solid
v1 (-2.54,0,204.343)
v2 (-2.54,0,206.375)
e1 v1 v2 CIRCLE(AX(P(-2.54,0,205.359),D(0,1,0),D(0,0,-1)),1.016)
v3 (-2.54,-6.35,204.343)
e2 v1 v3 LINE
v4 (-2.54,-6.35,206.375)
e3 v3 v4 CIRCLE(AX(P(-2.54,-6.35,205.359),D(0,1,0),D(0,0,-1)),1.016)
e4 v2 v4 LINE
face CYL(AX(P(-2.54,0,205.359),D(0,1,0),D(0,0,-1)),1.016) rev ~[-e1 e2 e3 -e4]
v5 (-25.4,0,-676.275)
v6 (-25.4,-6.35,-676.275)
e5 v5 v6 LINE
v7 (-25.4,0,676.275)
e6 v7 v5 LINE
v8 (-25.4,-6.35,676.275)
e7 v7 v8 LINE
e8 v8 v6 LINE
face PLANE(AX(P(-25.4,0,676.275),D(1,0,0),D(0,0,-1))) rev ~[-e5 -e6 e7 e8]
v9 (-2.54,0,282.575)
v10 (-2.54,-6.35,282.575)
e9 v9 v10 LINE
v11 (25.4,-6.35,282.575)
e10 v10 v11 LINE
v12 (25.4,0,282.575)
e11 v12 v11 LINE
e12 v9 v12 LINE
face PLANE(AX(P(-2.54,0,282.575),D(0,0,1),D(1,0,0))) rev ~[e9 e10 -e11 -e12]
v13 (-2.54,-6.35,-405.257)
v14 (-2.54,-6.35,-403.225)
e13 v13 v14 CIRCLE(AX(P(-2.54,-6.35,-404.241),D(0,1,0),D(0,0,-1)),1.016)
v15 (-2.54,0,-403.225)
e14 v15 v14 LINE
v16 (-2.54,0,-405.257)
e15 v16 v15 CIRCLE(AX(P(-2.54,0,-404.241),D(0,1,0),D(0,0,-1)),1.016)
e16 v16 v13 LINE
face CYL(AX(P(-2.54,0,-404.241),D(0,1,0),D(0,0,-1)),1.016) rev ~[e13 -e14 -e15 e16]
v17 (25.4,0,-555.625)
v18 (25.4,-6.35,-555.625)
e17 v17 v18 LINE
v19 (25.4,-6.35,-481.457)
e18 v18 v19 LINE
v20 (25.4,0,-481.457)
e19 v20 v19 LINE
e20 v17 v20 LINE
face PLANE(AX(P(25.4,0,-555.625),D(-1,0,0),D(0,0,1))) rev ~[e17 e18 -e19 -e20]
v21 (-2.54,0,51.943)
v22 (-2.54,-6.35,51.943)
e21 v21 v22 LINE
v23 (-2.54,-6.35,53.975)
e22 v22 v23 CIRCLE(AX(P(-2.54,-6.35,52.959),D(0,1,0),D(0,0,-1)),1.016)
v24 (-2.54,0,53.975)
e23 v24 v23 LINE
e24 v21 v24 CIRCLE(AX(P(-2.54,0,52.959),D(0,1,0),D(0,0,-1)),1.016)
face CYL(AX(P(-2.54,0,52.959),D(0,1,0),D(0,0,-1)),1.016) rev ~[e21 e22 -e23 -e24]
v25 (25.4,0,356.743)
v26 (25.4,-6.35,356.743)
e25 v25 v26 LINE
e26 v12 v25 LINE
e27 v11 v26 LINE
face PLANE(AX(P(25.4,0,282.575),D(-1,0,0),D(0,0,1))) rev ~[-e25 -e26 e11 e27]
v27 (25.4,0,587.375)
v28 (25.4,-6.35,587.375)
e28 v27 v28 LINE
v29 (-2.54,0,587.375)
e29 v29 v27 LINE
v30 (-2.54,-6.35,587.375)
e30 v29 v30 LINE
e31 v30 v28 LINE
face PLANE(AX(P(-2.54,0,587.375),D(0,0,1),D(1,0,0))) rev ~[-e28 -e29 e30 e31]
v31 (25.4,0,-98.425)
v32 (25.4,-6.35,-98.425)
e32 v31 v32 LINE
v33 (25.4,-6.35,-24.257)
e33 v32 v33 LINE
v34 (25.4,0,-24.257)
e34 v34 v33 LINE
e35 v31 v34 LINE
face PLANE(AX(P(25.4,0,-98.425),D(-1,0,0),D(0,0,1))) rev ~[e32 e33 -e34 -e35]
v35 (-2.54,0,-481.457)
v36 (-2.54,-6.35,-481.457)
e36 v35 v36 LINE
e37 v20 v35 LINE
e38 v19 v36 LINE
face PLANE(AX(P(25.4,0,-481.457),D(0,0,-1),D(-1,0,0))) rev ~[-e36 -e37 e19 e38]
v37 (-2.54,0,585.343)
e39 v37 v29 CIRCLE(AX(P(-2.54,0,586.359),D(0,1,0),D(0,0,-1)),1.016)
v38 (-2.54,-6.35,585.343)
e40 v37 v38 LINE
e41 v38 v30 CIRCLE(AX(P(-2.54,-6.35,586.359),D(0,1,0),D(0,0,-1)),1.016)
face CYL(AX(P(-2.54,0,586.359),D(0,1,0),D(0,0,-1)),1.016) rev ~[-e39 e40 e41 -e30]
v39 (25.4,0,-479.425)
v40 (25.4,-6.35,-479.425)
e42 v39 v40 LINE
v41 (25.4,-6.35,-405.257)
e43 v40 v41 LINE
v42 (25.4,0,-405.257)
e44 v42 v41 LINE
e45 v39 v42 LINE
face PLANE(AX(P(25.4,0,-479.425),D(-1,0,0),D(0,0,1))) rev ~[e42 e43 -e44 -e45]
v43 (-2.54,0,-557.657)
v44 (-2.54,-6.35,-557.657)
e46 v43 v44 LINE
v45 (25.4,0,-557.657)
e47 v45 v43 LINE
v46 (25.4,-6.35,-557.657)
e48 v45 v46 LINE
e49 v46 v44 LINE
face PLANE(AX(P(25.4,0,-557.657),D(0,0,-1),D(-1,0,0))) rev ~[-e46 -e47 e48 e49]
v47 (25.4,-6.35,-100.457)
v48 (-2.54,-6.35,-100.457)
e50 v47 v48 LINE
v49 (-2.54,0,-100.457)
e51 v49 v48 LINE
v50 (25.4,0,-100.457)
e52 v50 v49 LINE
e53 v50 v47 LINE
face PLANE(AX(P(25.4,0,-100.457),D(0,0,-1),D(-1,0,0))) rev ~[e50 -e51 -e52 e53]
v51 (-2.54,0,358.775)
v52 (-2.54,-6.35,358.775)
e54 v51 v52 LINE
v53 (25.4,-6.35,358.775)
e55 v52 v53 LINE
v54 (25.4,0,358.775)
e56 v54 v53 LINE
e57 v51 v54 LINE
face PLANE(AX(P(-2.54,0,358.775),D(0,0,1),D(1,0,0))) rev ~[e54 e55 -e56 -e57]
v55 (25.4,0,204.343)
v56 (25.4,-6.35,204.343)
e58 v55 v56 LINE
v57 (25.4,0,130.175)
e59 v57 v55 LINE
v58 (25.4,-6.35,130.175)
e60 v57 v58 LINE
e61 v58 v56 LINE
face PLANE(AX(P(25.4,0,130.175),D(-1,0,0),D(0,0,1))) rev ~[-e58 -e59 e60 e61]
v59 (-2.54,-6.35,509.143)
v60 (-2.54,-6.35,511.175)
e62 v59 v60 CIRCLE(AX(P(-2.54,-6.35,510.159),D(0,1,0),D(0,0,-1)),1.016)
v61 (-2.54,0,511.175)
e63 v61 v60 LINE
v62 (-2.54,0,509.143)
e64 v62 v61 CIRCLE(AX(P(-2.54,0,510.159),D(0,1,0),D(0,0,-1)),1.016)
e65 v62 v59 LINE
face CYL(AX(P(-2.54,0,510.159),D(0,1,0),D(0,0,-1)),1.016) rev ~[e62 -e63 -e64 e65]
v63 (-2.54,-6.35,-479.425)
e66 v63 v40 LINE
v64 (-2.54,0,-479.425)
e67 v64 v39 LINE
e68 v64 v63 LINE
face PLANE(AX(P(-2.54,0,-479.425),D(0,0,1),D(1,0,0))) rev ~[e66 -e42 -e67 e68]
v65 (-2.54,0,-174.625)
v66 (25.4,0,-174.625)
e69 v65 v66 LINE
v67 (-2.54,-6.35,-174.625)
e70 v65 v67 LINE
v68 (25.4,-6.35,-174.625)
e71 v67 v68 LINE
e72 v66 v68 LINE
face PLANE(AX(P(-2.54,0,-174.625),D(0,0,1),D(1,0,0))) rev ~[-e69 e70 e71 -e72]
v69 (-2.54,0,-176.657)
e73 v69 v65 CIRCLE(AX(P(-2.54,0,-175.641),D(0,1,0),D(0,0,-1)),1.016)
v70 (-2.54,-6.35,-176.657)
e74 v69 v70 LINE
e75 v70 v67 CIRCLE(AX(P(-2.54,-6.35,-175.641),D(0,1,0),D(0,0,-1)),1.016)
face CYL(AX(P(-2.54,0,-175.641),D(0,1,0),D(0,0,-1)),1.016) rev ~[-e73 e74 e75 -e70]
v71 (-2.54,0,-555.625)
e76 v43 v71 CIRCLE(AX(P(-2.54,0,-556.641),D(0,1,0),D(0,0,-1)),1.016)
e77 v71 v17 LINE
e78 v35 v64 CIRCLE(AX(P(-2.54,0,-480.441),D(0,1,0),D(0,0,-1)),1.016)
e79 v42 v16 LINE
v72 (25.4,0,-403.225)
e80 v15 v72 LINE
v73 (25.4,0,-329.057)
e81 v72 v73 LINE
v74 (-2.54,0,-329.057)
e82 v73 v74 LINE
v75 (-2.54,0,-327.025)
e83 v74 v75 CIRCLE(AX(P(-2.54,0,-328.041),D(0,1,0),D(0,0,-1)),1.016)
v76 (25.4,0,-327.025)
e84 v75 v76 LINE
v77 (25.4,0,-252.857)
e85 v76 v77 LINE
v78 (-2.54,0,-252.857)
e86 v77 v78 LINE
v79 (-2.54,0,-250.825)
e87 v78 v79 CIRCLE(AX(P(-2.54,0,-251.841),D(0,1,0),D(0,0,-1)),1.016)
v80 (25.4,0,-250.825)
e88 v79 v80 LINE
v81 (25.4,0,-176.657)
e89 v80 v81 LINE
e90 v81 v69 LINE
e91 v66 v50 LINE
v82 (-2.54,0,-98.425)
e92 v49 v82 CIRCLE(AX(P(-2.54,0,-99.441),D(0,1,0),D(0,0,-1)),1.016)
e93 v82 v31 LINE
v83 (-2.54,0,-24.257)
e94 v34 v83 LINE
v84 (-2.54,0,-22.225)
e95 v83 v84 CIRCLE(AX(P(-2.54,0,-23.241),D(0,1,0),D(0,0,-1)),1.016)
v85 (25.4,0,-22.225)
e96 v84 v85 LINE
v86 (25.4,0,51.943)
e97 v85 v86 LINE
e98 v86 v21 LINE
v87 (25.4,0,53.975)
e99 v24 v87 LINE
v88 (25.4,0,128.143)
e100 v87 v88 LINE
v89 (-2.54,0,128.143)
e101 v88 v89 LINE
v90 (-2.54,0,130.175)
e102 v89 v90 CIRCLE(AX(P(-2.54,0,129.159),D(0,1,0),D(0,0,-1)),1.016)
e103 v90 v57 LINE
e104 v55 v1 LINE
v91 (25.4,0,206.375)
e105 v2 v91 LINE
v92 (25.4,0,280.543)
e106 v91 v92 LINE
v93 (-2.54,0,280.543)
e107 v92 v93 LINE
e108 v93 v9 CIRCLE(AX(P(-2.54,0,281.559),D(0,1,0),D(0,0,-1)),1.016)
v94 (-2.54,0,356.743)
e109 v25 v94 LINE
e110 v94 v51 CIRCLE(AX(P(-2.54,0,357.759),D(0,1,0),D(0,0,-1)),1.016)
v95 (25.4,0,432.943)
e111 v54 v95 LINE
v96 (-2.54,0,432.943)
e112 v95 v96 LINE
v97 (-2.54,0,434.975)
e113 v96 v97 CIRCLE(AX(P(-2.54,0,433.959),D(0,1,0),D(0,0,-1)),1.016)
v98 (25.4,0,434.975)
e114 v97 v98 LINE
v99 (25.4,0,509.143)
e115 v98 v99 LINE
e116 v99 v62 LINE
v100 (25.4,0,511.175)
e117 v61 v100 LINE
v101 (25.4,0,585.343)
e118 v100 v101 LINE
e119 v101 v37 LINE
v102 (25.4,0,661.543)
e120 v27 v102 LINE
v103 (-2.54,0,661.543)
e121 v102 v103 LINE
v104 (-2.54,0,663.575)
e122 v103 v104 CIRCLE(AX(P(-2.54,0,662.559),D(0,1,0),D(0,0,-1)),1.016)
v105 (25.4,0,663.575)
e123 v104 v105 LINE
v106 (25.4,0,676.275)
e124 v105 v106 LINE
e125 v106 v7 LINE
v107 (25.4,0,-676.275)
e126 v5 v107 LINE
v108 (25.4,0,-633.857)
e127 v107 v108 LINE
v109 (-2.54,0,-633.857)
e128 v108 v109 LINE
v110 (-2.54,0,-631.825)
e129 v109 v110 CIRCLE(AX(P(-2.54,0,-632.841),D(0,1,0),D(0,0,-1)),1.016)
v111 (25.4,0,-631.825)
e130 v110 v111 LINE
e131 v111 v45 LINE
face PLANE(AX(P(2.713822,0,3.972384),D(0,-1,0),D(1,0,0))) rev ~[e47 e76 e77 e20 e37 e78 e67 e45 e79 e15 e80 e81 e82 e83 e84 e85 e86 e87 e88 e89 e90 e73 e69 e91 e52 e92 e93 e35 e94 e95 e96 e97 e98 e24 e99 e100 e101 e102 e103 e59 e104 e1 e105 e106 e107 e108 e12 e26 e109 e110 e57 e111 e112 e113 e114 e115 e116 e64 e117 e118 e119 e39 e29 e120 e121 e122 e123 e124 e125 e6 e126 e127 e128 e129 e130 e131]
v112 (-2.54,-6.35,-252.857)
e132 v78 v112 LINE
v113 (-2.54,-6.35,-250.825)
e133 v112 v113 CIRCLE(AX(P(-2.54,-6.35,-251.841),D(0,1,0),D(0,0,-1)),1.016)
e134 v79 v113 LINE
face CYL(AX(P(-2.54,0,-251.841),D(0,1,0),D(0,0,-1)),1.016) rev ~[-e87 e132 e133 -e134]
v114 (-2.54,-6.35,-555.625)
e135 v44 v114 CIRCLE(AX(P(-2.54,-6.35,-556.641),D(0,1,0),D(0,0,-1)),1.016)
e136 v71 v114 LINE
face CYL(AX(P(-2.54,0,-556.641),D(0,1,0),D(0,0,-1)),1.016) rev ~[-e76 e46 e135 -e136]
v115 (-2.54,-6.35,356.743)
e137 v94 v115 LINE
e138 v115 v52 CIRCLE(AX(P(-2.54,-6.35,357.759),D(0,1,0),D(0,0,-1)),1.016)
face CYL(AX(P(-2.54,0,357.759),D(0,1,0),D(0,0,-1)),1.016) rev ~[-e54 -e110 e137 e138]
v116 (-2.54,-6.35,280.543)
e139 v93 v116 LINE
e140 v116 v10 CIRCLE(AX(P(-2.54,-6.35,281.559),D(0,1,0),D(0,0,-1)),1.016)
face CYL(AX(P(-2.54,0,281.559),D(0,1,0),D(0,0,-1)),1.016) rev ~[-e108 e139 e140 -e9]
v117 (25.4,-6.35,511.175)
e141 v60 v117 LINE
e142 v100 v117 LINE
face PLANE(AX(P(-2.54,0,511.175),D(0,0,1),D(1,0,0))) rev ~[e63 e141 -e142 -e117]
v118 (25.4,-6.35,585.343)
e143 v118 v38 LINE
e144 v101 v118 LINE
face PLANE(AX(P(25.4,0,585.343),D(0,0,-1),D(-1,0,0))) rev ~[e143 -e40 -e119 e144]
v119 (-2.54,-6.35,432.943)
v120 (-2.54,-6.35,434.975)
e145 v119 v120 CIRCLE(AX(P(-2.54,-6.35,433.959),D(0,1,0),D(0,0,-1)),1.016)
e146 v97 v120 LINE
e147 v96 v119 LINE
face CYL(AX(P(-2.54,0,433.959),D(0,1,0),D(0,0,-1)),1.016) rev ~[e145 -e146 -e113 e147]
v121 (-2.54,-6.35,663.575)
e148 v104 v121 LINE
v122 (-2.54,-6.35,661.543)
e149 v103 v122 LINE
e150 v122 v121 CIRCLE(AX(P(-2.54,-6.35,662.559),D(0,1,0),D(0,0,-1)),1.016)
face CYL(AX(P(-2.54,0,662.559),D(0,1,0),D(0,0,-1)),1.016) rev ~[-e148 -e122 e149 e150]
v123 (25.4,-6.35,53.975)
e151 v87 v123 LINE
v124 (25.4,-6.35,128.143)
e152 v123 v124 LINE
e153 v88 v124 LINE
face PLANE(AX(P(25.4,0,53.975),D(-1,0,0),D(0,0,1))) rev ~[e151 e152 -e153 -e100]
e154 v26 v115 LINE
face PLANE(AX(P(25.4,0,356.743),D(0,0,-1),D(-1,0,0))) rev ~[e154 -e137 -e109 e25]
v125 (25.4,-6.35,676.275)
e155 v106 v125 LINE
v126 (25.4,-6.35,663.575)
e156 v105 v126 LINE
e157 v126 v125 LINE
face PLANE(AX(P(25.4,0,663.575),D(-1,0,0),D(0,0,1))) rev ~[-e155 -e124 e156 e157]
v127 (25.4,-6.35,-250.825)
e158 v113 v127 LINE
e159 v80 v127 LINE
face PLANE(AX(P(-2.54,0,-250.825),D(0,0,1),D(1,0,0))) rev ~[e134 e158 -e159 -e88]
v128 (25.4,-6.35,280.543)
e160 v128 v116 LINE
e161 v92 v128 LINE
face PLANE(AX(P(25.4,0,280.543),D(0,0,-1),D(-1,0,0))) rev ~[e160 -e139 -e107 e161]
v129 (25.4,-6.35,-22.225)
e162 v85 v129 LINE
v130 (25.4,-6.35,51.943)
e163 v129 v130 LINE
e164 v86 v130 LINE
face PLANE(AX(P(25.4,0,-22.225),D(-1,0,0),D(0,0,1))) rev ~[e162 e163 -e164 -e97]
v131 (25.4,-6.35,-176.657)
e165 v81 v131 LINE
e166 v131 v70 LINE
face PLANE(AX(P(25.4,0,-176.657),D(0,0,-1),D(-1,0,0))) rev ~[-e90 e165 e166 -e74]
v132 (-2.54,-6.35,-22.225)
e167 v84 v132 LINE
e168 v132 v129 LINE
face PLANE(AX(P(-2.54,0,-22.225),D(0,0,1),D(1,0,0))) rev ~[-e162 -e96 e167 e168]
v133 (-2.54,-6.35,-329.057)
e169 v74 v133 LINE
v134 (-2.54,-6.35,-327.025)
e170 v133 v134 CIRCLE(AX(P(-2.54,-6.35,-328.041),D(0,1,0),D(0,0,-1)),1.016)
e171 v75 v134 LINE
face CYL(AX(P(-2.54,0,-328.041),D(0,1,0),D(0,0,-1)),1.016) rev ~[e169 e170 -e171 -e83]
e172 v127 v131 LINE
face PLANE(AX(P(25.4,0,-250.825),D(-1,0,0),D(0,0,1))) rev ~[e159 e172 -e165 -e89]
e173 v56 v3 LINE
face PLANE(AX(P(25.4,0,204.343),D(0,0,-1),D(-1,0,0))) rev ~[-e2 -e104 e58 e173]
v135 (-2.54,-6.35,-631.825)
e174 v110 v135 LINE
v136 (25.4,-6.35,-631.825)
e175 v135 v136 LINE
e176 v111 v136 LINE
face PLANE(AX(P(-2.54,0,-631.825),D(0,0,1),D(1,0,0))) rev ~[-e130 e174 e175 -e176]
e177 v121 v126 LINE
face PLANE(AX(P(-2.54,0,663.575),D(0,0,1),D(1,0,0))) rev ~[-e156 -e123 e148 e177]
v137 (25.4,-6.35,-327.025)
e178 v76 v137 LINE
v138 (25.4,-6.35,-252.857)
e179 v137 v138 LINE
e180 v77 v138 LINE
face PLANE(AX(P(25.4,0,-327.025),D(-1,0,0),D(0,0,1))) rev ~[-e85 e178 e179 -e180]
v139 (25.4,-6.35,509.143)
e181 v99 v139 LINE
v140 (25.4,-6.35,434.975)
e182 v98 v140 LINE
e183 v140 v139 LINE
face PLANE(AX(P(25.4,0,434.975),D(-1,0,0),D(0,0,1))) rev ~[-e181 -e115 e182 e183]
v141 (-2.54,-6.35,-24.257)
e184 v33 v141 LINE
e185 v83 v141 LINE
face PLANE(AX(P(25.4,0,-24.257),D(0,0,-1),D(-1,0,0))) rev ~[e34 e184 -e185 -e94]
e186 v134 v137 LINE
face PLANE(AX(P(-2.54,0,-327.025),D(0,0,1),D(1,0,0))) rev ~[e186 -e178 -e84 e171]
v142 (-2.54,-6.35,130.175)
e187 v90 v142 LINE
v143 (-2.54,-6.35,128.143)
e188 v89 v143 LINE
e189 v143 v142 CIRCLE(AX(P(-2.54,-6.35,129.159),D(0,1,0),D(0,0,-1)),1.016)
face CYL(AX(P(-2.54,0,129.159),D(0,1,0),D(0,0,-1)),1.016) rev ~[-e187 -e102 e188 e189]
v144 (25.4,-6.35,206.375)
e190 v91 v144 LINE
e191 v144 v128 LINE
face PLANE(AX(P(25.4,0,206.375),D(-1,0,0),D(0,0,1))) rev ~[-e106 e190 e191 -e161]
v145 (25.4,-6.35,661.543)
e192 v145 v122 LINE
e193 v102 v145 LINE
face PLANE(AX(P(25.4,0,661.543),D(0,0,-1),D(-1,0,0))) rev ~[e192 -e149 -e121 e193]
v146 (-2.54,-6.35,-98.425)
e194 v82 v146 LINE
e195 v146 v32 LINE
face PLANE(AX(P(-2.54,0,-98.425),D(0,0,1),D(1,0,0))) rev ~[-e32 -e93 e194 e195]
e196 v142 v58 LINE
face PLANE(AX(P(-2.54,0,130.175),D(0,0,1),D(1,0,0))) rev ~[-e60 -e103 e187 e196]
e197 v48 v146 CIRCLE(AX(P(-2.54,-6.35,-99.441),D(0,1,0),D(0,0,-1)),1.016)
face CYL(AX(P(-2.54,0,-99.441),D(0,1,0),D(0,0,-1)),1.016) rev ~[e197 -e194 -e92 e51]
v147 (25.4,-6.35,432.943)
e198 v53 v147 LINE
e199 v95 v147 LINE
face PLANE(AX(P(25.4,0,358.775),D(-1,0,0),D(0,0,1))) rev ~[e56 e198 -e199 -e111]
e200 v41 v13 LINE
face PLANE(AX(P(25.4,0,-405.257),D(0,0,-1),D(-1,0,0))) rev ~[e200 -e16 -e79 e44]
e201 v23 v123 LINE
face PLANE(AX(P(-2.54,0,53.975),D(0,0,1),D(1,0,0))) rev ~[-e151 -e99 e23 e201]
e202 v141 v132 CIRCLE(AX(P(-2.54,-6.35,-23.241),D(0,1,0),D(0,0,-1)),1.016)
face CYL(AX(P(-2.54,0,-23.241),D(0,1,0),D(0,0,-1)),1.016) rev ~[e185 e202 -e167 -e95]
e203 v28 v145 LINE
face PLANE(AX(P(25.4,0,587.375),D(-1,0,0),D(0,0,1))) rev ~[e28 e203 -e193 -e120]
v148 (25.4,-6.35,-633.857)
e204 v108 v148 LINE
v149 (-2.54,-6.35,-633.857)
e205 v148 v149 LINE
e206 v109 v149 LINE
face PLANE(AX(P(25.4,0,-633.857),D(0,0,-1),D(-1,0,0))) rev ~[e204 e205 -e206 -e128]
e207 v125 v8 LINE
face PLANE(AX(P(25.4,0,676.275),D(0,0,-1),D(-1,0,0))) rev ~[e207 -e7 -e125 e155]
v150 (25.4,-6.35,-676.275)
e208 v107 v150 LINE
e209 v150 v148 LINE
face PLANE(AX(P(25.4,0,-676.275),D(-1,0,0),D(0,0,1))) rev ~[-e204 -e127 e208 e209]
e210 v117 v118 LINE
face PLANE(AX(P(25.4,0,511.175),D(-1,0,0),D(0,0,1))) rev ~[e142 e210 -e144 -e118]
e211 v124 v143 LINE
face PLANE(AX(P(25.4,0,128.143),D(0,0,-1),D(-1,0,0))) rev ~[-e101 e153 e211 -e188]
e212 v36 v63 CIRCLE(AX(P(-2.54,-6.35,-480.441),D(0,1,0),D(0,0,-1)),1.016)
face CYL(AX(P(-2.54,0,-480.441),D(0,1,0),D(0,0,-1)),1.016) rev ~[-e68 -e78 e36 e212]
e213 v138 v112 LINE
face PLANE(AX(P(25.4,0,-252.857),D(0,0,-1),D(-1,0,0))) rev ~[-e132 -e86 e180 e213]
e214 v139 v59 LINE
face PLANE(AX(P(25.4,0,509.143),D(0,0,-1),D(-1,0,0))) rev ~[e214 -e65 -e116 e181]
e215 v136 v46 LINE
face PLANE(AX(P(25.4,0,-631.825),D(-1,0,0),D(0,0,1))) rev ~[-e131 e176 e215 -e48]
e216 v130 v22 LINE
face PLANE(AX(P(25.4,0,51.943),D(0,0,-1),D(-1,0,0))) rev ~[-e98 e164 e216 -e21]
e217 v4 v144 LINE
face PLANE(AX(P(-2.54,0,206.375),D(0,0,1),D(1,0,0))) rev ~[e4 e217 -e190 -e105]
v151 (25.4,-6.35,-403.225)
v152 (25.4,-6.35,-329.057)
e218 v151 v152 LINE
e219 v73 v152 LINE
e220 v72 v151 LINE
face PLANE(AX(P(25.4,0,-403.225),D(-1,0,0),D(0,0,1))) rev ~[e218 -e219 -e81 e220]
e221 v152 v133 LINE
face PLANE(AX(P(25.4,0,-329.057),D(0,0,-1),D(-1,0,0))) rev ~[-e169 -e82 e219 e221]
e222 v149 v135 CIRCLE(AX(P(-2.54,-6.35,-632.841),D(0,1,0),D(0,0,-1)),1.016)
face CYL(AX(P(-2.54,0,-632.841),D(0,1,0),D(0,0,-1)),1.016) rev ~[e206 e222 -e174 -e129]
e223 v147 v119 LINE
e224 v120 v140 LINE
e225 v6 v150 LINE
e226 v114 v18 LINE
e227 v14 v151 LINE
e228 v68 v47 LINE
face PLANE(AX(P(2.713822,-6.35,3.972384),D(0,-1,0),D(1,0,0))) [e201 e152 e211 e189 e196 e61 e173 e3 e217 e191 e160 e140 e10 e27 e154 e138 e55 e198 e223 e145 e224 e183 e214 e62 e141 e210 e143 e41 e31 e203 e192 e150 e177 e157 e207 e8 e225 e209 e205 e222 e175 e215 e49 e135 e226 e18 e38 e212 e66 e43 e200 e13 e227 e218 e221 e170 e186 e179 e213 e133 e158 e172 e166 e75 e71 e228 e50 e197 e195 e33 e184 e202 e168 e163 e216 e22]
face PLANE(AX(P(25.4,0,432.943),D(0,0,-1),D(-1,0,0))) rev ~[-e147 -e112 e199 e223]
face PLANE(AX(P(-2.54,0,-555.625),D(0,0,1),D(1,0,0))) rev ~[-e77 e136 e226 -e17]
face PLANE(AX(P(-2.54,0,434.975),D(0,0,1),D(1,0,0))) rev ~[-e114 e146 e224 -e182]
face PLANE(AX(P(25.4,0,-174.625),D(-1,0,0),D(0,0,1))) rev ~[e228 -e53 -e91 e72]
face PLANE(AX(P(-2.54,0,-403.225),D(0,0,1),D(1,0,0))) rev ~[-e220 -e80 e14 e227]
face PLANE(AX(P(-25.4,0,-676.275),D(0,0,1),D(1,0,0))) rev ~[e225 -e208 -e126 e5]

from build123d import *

# Parameters (mm, degrees)
F1_DEPTH = 6.35


with BuildPart() as f1:
    # F0 (on Front) → F1 (new body)
    with BuildSketch(Plane.XZ):
        with BuildLine():
            Line((-25.4, -676.275), (25.4, -676.275))
            Line((25.4, -676.275), (25.4, -633.857))
            Line((25.4, -633.857), (-2.54, -633.857))
            ThreePointArc((-2.54, -633.857), (-3.556, -632.841), (-2.54, -631.825))
            Line((-2.54, -631.825), (25.4, -631.825))
            Line((25.4, -631.825), (25.4, -557.657))
            Line((25.4, -557.657), (-2.54, -557.657))
            ThreePointArc((-2.54, -557.657), (-3.556, -556.641), (-2.54, -555.625))
            Line((-2.54, -555.625), (25.4, -555.625))
            Line((25.4, -555.625), (25.4, -481.457))
            Line((25.4, -481.457), (-2.54, -481.457))
            ThreePointArc((-2.54, -481.457), (-3.556, -480.441), (-2.54, -479.425))
            Line((-2.54, -479.425), (25.4, -479.425))
            Line((25.4, -479.425), (25.4, -405.257))
            Line((25.4, -405.257), (-2.54, -405.257))
            ThreePointArc((-2.54, -405.257), (-3.556, -404.241), (-2.54, -403.225))
            Line((-2.54, -403.225), (25.4, -403.225))
            Line((25.4, -403.225), (25.4, -329.057))
            Line((25.4, -329.057), (-2.54, -329.057))
            ThreePointArc((-2.54, -329.057), (-3.556, -328.041), (-2.54, -327.025))
            Line((-2.54, -327.025), (25.4, -327.025))
            Line((25.4, -327.025), (25.4, -252.857))
            Line((25.4, -252.857), (-2.54, -252.857))
            ThreePointArc((-2.54, -252.857), (-3.556, -251.841), (-2.54, -250.825))
            Line((-2.54, -250.825), (25.4, -250.825))
            Line((25.4, -250.825), (25.4, -176.657))
            Line((25.4, -176.657), (-2.54, -176.657))
            ThreePointArc((-2.54, -176.657), (-3.556, -175.641), (-2.54, -174.625))
            Line((-2.54, -174.625), (25.4, -174.625))
            Line((25.4, -174.625), (25.4, -100.457))
            Line((25.4, -100.457), (-2.54, -100.457))
            ThreePointArc((-2.54, -100.457), (-3.556, -99.441), (-2.54, -98.425))
            Line((-2.54, -98.425), (25.4, -98.425))
            Line((25.4, -98.425), (25.4, -24.257))
            Line((25.4, -24.257), (-2.54, -24.257))
            ThreePointArc((-2.54, -24.257), (-3.556, -23.241), (-2.54, -22.225))
            Line((-2.54, -22.225), (25.4, -22.225))
            Line((25.4, -22.225), (25.4, 51.943))
            Line((25.4, 51.943), (-2.54, 51.943))
            ThreePointArc((-2.54, 51.943), (-3.556, 52.959), (-2.54, 53.975))
            Line((-2.54, 53.975), (25.4, 53.975))
            Line((25.4, 53.975), (25.4, 128.143))
            Line((25.4, 128.143), (-2.54, 128.143))
            ThreePointArc((-2.54, 128.143), (-3.556, 129.159), (-2.54, 130.175))
            Line((-2.54, 130.175), (25.4, 130.175))
            Line((25.4, 130.175), (25.4, 204.343))
            Line((25.4, 204.343), (-2.54, 204.343))
            ThreePointArc((-2.54, 204.343), (-3.556, 205.359), (-2.54, 206.375))
            Line((-2.54, 206.375), (25.4, 206.375))
            Line((25.4, 206.375), (25.4, 280.543))
            Line((25.4, 280.543), (-2.54, 280.543))
            ThreePointArc((-2.54, 280.543), (-3.556, 281.559), (-2.54, 282.575))
            Line((-2.54, 282.575), (25.4, 282.575))
            Line((25.4, 282.575), (25.4, 356.743))
            Line((25.4, 356.743), (-2.54, 356.743))
            ThreePointArc((-2.54, 356.743), (-3.556, 357.759), (-2.54, 358.775))
            Line((-2.54, 358.775), (25.4, 358.775))
            Line((25.4, 358.775), (25.4, 432.943))
            Line((25.4, 432.943), (-2.54, 432.943))
            ThreePointArc((-2.54, 432.943), (-3.556, 433.959), (-2.54, 434.975))
            Line((-2.54, 434.975), (25.4, 434.975))
            Line((25.4, 434.975), (25.4, 509.143))
            Line((25.4, 509.143), (-2.54, 509.143))
            ThreePointArc((-2.54, 509.143), (-3.556, 510.159), (-2.54, 511.175))
            Line((-2.54, 511.175), (25.4, 511.175))
            Line((25.4, 511.175), (25.4, 585.343))
            Line((25.4, 585.343), (-2.54, 585.343))
            ThreePointArc((-2.54, 585.343), (-3.556, 586.359), (-2.54, 587.375))
            Line((-2.54, 587.375), (25.4, 587.375))
            Line((25.4, 587.375), (25.4, 661.543))
            Line((25.4, 661.543), (-2.54, 661.543))
            ThreePointArc((-2.54, 661.543), (-3.556, 662.559), (-2.54, 663.575))
            Line((-2.54, 663.575), (25.4, 663.575))
            Line((25.4, 663.575), (25.4, 676.275))
            Line((25.4, 676.275), (-25.4, 676.275))
            Line((-25.4, 676.275), (-25.4, -676.275))
        make_face()
    extrude(amount=F1_DEPTH)


solid = f1.part
